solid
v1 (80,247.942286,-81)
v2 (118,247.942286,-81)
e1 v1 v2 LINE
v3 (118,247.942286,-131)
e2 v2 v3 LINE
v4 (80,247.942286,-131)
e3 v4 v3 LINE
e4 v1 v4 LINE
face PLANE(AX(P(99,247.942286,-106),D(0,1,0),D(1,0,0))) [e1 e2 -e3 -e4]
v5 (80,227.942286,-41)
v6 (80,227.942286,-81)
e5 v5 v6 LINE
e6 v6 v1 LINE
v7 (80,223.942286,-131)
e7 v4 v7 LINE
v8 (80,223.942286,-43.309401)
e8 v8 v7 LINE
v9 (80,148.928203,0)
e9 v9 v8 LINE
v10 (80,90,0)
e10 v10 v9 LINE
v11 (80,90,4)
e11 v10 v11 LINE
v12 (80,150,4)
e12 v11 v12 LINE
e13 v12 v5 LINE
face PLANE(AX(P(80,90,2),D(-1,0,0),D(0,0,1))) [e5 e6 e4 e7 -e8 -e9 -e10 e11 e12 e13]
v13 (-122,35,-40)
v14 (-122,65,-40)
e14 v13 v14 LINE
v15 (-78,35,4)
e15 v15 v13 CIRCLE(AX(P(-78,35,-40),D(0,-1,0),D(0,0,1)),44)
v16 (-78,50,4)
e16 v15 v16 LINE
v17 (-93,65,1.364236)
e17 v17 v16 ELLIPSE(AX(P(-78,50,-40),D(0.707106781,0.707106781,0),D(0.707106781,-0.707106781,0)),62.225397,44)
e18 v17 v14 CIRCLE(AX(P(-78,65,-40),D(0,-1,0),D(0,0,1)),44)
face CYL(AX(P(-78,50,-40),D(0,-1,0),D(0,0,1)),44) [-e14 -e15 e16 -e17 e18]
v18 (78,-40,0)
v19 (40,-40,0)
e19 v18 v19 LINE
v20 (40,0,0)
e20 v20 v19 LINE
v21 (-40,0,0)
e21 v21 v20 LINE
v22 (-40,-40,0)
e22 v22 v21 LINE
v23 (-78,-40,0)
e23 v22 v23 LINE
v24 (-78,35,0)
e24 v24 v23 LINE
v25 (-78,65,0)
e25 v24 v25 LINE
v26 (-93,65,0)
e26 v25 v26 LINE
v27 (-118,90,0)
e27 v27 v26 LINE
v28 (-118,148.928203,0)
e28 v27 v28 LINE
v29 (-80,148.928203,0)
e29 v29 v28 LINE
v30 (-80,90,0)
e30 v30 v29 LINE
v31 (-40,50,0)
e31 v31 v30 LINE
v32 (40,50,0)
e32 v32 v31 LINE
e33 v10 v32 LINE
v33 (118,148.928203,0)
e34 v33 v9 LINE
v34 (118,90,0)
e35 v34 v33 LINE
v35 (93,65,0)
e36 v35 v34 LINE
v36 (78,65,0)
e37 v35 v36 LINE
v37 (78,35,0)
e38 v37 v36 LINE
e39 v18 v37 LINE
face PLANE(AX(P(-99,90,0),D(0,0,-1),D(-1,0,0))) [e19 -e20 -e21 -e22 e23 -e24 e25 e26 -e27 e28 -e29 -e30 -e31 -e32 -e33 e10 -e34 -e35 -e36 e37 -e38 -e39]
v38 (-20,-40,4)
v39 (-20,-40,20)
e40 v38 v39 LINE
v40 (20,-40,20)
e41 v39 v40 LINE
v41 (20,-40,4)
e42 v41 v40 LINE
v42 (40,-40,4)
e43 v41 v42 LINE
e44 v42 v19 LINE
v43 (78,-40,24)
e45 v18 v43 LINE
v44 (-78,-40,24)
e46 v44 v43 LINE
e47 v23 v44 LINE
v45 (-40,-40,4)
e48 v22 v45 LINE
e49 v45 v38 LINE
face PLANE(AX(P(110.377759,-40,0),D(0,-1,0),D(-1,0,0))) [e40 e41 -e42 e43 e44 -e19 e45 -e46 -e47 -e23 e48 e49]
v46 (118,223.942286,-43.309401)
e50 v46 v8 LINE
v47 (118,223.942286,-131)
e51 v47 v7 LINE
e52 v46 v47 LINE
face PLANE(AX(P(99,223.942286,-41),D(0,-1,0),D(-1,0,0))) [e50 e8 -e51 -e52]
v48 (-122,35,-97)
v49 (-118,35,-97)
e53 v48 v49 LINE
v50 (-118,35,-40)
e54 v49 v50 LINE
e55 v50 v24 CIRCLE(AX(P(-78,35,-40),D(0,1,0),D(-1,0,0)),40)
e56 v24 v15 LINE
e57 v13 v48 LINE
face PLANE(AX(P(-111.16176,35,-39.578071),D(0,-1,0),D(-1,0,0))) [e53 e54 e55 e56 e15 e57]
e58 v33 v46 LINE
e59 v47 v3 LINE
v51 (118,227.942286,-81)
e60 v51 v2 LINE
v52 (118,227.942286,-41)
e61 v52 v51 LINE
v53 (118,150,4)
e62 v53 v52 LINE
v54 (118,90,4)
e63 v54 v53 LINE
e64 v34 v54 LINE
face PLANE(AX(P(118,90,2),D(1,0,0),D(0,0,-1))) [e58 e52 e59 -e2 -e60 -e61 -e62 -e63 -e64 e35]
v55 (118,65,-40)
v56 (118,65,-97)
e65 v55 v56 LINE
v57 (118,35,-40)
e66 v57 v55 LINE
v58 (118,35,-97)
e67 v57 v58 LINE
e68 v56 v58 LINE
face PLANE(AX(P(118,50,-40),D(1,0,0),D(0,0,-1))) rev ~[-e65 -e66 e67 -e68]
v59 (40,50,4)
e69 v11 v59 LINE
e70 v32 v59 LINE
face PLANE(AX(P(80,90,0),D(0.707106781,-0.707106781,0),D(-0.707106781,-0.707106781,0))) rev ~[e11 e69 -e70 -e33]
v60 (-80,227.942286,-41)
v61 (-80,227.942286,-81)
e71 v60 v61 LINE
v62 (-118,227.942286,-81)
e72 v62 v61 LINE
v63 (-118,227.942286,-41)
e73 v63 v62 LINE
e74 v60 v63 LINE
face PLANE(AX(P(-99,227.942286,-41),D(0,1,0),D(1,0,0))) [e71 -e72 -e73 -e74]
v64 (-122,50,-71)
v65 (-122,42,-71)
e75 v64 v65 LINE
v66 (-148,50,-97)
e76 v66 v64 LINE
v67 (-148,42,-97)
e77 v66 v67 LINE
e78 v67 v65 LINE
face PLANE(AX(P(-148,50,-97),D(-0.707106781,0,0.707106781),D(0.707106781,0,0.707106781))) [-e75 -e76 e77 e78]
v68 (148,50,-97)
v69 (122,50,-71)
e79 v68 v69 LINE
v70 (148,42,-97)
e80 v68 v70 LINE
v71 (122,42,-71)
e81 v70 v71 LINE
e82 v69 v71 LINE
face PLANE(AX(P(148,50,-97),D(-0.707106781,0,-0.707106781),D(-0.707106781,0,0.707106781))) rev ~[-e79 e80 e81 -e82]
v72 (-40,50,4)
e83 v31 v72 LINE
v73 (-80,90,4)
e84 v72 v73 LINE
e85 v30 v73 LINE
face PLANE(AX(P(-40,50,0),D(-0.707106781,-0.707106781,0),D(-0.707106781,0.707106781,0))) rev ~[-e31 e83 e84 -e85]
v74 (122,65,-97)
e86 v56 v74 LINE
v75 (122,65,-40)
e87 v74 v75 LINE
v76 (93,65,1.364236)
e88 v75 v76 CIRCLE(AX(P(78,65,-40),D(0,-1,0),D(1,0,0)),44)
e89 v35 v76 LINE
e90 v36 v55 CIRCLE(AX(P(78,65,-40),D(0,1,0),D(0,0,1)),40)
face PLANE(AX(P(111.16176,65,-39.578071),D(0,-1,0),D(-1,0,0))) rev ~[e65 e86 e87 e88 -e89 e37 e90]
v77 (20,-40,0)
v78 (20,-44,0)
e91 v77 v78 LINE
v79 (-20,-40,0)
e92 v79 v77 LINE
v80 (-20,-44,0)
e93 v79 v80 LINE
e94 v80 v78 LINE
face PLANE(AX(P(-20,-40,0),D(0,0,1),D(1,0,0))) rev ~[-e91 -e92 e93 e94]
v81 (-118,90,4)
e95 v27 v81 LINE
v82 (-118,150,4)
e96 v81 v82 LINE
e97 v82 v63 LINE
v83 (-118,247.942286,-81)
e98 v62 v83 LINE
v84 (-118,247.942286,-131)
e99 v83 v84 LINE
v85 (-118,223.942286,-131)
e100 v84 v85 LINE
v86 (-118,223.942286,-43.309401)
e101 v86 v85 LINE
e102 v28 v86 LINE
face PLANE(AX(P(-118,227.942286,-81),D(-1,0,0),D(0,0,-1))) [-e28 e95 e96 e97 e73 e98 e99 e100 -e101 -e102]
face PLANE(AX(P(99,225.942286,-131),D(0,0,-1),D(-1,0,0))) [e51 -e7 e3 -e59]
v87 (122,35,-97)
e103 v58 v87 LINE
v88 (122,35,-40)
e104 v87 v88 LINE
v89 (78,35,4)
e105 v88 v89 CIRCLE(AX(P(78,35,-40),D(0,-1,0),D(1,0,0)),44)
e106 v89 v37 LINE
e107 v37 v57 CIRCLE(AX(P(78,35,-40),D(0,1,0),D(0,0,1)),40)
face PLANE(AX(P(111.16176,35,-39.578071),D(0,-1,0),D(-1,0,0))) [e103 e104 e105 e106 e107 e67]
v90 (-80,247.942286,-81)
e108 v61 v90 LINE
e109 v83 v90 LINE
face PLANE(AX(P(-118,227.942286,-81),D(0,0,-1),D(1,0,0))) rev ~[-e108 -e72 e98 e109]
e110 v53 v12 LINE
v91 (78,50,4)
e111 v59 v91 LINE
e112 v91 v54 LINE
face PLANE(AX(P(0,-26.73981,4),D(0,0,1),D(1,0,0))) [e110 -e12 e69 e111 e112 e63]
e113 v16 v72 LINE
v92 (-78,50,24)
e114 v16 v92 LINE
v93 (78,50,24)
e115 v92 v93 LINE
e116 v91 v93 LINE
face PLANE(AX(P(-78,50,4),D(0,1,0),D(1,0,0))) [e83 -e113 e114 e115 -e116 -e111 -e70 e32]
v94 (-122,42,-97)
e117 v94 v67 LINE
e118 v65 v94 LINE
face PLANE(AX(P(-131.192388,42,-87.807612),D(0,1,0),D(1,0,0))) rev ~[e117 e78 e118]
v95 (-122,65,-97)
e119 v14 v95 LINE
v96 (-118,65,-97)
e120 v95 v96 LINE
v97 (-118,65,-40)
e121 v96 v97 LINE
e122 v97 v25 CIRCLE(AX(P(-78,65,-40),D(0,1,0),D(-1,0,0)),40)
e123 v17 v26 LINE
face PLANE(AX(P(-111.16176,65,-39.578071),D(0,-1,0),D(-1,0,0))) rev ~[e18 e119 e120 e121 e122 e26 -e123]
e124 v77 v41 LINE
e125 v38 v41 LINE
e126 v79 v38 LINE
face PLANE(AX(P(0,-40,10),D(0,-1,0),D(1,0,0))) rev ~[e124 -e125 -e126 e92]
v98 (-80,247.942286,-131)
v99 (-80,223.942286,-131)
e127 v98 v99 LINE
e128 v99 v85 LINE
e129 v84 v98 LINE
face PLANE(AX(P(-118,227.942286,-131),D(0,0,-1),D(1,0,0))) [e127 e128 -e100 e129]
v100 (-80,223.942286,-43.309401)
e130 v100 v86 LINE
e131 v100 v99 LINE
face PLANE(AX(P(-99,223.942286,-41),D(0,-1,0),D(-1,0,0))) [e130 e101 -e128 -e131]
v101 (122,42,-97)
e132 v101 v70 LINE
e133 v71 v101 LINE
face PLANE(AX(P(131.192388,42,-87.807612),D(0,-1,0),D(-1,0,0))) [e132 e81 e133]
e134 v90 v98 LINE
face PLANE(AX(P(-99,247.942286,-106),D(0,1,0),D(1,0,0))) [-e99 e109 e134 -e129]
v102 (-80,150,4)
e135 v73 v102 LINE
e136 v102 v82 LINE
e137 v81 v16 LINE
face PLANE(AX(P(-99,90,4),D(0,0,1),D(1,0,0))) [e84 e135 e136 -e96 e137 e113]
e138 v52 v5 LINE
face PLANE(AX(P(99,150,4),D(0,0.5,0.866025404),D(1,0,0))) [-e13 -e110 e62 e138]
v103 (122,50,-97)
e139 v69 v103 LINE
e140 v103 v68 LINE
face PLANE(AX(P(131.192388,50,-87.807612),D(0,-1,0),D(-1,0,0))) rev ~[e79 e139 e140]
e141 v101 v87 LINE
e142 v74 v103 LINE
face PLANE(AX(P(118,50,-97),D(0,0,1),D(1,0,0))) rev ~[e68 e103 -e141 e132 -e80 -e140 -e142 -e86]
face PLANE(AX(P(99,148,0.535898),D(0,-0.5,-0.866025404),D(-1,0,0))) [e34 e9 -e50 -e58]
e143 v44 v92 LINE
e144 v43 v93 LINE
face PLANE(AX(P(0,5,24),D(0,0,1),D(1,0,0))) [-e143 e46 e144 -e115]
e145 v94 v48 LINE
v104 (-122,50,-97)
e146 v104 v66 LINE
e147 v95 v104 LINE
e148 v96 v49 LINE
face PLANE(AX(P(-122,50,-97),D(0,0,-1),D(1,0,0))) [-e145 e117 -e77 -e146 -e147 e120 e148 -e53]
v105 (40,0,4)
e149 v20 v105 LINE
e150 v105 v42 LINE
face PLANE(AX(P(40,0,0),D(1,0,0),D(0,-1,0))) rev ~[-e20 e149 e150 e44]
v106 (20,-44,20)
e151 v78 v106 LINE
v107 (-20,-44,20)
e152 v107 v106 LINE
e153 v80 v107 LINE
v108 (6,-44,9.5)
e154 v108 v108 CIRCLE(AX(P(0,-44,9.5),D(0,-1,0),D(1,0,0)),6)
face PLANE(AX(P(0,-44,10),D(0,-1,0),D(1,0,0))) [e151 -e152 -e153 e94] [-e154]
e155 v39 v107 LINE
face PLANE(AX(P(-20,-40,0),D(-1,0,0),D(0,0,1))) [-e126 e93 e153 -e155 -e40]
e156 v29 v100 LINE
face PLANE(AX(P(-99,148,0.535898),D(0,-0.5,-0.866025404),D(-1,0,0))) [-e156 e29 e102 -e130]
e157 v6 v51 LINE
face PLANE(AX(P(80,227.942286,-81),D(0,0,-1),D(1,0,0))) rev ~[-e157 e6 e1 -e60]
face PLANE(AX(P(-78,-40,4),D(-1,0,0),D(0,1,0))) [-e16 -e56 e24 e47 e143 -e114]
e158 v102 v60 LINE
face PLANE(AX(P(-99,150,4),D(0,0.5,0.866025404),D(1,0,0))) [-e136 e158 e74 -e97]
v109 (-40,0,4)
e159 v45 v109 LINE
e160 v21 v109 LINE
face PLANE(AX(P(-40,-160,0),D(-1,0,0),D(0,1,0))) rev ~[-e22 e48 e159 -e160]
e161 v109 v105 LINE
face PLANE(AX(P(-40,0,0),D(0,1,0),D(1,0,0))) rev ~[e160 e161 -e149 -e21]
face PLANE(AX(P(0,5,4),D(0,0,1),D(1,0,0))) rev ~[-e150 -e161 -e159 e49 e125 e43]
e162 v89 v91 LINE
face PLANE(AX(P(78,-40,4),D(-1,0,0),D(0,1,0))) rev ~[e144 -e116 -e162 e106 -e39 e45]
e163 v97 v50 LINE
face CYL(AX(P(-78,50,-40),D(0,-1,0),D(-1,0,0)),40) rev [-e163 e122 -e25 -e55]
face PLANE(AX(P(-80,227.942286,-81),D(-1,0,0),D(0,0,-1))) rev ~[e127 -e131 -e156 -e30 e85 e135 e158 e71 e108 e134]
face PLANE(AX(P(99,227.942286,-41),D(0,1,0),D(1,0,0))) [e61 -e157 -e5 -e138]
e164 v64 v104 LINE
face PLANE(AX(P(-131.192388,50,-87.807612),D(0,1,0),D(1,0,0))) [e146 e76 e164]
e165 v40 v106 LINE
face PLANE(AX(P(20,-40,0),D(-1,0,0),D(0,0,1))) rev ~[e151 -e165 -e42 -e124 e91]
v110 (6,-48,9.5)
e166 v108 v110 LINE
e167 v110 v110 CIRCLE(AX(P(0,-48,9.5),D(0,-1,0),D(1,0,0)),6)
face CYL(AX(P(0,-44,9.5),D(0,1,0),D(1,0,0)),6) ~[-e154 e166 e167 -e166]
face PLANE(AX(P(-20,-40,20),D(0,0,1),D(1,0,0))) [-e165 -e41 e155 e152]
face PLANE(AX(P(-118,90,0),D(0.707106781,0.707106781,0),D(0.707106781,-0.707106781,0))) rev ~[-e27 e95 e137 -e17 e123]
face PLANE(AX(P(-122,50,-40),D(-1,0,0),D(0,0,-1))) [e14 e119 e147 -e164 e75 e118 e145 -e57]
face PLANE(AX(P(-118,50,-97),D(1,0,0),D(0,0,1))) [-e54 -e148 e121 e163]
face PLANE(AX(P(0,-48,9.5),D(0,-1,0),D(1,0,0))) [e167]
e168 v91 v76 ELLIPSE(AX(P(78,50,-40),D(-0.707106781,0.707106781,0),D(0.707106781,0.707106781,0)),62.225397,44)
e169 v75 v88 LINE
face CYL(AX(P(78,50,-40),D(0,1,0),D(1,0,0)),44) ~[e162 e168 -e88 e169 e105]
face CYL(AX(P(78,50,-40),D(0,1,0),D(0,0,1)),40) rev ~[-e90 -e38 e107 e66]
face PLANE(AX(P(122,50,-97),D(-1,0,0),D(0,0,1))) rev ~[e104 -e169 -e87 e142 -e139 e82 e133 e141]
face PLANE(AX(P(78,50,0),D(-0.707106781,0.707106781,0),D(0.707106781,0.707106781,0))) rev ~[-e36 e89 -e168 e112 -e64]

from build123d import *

# Parameters (mm, degrees)
EXTRUDE_1_DEPTH     = 4
SKETCH_11_W         = 156
SKETCH_11_H         = 90
EXTRUDE_2_DEPTH     = 20
SKETCH_12_W         = 38
SKETCH_12_H         = 4
SKETCH_14_W         = 38
SKETCH_14_H         = 50
EXTRUDE_3_DEPTH     = 20
SKETCH_16_W         = 238.183586275
SKETCH_16_H         = 132.295328182
CUT_EXTRUDE_1_DEPTH = 10
SKETCH_17_W         = 40
SKETCH_17_H         = 20
EXTRUDE_4_DEPTH     = 4
SKETCH_21_R         = 6
EXTRUDE_8_DEPTH     = 4
EXTRUDE_11_DEPTH    = 15
EXTRUDE_12_DEPTH    = 8


with BuildPart() as part:
    # 草图1 → 凸台-拉伸1 (new body)
    with BuildSketch(Plane.XY):
        Polygon((-40, 0), (40, 0), (40, -160), (78, -160), (78, 0), (78, 50), (118, 90), (80, 90), (40, 50), (-40, 50), (-80, 90), (-118, 90), (-78, 50), (-78, 0), (-78, -160), (-40, -160), align=None)
    extrude(amount=EXTRUDE_1_DEPTH)

    # 草图11 → 凸台-拉伸2 (add)
    with BuildSketch(Plane.XY.offset(4)):
        with Locations((0, 5)):
            Rectangle(SKETCH_11_W, SKETCH_11_H)
    extrude(amount=EXTRUDE_2_DEPTH)

    # 扫描1: sweep along a path in 草图13
    with BuildLine(Plane(origin=(78, 0, 0), x_dir=(0, 0, -1), z_dir=(1, 0, 0))) as sweep_1_path:
        Line((-4, 90), (-4, 150))
        Line((-4, 150), (41, 227.942286341))
        Line((41, 227.942286341), (131, 227.942286341))
    # 草图12 → 扫描1 (sweep)
    with BuildSketch(Plane(origin=(0, 90, 0), x_dir=(1, 0, 0), z_dir=(0, 1, 0))):
        with Locations((-99, -2)):
            Rectangle(SKETCH_12_W, SKETCH_12_H)
        with Locations((99, -2)):
            Rectangle(SKETCH_12_W, SKETCH_12_H)
    sweep(path=sweep_1_path.line, transition=Transition.RIGHT)

    # 草图14 → 凸台-拉伸3 (add)
    with BuildSketch(Plane(origin=(0, 227.942286341, 0), x_dir=(1, 0, 0), z_dir=(0, 1, 0))):
        with Locations((-99, 106)):
            Rectangle(SKETCH_14_W, SKETCH_14_H)
        with Locations((99, 106)):
            Rectangle(SKETCH_14_W, SKETCH_14_H)
    extrude(amount=EXTRUDE_3_DEPTH)

    # 草图16 → 切除-拉伸1 (cut)
    with BuildSketch(Plane(origin=(0, 0, 0), x_dir=(-1, 0, 0), z_dir=(0, 0, -1))):
        with Locations((8.714033644, -106.147664091)):
            Rectangle(SKETCH_16_W, SKETCH_16_H)
    extrude(amount=-CUT_EXTRUDE_1_DEPTH, mode=Mode.SUBTRACT)

    # 草图17 → 凸台-拉伸4 (add)
    with BuildSketch(Plane.XZ.offset(40)):
        with Locations((0, 10)):
            Rectangle(SKETCH_17_W, SKETCH_17_H)
    extrude(amount=EXTRUDE_4_DEPTH)

    # 草图21 → 凸台-拉伸8 (add)
    with BuildSketch(Plane.XZ.offset(44)):
        with Locations((0, 9.5)):
            Circle(SKETCH_21_R)
    extrude(amount=EXTRUDE_8_DEPTH)

    # 草图28 → 凸台-拉伸11 (add, symmetric)
    with BuildSketch(Plane(origin=(0, 50, 0), x_dir=(1, 0, 0), z_dir=(0, 1, 0))):
        with BuildLine():
            Line((-122, 40), (-122, 97))
            Line((-122, 97), (-118, 97))
            Line((-118, 97), (-118, 40))
            ThreePointArc((-118, 40), (-106.284271247, 11.715728753), (-78, 0))
            Line((-78, 0), (-78, -4))
            ThreePointArc((-78, -4), (-109.112698372, 8.887301628), (-122, 40))
        make_face()
        with BuildLine():
            Line((118, 40), (118, 97))
            Line((118, 97), (122, 97))
            Line((122, 97), (122, 40))
            ThreePointArc((122, 40), (109.112698372, 8.887301628), (78, -4))
            Line((78, -4), (78, 0))
            ThreePointArc((78, 0), (106.284271247, 11.715728753), (118, 40))
        make_face()
    extrude(amount=EXTRUDE_11_DEPTH, both=True)

    # 草图29 → 凸台-拉伸12 (add)
    with BuildSketch(Plane(origin=(0, 50, 0), x_dir=(1, 0, 0), z_dir=(0, 1, 0))):
        Polygon((122, 97), (148, 97), (122, 71), align=None)
        Polygon((-122, 97), (-148, 97), (-122, 71), align=None)
    extrude(amount=-EXTRUDE_12_DEPTH)


solid = part.part
